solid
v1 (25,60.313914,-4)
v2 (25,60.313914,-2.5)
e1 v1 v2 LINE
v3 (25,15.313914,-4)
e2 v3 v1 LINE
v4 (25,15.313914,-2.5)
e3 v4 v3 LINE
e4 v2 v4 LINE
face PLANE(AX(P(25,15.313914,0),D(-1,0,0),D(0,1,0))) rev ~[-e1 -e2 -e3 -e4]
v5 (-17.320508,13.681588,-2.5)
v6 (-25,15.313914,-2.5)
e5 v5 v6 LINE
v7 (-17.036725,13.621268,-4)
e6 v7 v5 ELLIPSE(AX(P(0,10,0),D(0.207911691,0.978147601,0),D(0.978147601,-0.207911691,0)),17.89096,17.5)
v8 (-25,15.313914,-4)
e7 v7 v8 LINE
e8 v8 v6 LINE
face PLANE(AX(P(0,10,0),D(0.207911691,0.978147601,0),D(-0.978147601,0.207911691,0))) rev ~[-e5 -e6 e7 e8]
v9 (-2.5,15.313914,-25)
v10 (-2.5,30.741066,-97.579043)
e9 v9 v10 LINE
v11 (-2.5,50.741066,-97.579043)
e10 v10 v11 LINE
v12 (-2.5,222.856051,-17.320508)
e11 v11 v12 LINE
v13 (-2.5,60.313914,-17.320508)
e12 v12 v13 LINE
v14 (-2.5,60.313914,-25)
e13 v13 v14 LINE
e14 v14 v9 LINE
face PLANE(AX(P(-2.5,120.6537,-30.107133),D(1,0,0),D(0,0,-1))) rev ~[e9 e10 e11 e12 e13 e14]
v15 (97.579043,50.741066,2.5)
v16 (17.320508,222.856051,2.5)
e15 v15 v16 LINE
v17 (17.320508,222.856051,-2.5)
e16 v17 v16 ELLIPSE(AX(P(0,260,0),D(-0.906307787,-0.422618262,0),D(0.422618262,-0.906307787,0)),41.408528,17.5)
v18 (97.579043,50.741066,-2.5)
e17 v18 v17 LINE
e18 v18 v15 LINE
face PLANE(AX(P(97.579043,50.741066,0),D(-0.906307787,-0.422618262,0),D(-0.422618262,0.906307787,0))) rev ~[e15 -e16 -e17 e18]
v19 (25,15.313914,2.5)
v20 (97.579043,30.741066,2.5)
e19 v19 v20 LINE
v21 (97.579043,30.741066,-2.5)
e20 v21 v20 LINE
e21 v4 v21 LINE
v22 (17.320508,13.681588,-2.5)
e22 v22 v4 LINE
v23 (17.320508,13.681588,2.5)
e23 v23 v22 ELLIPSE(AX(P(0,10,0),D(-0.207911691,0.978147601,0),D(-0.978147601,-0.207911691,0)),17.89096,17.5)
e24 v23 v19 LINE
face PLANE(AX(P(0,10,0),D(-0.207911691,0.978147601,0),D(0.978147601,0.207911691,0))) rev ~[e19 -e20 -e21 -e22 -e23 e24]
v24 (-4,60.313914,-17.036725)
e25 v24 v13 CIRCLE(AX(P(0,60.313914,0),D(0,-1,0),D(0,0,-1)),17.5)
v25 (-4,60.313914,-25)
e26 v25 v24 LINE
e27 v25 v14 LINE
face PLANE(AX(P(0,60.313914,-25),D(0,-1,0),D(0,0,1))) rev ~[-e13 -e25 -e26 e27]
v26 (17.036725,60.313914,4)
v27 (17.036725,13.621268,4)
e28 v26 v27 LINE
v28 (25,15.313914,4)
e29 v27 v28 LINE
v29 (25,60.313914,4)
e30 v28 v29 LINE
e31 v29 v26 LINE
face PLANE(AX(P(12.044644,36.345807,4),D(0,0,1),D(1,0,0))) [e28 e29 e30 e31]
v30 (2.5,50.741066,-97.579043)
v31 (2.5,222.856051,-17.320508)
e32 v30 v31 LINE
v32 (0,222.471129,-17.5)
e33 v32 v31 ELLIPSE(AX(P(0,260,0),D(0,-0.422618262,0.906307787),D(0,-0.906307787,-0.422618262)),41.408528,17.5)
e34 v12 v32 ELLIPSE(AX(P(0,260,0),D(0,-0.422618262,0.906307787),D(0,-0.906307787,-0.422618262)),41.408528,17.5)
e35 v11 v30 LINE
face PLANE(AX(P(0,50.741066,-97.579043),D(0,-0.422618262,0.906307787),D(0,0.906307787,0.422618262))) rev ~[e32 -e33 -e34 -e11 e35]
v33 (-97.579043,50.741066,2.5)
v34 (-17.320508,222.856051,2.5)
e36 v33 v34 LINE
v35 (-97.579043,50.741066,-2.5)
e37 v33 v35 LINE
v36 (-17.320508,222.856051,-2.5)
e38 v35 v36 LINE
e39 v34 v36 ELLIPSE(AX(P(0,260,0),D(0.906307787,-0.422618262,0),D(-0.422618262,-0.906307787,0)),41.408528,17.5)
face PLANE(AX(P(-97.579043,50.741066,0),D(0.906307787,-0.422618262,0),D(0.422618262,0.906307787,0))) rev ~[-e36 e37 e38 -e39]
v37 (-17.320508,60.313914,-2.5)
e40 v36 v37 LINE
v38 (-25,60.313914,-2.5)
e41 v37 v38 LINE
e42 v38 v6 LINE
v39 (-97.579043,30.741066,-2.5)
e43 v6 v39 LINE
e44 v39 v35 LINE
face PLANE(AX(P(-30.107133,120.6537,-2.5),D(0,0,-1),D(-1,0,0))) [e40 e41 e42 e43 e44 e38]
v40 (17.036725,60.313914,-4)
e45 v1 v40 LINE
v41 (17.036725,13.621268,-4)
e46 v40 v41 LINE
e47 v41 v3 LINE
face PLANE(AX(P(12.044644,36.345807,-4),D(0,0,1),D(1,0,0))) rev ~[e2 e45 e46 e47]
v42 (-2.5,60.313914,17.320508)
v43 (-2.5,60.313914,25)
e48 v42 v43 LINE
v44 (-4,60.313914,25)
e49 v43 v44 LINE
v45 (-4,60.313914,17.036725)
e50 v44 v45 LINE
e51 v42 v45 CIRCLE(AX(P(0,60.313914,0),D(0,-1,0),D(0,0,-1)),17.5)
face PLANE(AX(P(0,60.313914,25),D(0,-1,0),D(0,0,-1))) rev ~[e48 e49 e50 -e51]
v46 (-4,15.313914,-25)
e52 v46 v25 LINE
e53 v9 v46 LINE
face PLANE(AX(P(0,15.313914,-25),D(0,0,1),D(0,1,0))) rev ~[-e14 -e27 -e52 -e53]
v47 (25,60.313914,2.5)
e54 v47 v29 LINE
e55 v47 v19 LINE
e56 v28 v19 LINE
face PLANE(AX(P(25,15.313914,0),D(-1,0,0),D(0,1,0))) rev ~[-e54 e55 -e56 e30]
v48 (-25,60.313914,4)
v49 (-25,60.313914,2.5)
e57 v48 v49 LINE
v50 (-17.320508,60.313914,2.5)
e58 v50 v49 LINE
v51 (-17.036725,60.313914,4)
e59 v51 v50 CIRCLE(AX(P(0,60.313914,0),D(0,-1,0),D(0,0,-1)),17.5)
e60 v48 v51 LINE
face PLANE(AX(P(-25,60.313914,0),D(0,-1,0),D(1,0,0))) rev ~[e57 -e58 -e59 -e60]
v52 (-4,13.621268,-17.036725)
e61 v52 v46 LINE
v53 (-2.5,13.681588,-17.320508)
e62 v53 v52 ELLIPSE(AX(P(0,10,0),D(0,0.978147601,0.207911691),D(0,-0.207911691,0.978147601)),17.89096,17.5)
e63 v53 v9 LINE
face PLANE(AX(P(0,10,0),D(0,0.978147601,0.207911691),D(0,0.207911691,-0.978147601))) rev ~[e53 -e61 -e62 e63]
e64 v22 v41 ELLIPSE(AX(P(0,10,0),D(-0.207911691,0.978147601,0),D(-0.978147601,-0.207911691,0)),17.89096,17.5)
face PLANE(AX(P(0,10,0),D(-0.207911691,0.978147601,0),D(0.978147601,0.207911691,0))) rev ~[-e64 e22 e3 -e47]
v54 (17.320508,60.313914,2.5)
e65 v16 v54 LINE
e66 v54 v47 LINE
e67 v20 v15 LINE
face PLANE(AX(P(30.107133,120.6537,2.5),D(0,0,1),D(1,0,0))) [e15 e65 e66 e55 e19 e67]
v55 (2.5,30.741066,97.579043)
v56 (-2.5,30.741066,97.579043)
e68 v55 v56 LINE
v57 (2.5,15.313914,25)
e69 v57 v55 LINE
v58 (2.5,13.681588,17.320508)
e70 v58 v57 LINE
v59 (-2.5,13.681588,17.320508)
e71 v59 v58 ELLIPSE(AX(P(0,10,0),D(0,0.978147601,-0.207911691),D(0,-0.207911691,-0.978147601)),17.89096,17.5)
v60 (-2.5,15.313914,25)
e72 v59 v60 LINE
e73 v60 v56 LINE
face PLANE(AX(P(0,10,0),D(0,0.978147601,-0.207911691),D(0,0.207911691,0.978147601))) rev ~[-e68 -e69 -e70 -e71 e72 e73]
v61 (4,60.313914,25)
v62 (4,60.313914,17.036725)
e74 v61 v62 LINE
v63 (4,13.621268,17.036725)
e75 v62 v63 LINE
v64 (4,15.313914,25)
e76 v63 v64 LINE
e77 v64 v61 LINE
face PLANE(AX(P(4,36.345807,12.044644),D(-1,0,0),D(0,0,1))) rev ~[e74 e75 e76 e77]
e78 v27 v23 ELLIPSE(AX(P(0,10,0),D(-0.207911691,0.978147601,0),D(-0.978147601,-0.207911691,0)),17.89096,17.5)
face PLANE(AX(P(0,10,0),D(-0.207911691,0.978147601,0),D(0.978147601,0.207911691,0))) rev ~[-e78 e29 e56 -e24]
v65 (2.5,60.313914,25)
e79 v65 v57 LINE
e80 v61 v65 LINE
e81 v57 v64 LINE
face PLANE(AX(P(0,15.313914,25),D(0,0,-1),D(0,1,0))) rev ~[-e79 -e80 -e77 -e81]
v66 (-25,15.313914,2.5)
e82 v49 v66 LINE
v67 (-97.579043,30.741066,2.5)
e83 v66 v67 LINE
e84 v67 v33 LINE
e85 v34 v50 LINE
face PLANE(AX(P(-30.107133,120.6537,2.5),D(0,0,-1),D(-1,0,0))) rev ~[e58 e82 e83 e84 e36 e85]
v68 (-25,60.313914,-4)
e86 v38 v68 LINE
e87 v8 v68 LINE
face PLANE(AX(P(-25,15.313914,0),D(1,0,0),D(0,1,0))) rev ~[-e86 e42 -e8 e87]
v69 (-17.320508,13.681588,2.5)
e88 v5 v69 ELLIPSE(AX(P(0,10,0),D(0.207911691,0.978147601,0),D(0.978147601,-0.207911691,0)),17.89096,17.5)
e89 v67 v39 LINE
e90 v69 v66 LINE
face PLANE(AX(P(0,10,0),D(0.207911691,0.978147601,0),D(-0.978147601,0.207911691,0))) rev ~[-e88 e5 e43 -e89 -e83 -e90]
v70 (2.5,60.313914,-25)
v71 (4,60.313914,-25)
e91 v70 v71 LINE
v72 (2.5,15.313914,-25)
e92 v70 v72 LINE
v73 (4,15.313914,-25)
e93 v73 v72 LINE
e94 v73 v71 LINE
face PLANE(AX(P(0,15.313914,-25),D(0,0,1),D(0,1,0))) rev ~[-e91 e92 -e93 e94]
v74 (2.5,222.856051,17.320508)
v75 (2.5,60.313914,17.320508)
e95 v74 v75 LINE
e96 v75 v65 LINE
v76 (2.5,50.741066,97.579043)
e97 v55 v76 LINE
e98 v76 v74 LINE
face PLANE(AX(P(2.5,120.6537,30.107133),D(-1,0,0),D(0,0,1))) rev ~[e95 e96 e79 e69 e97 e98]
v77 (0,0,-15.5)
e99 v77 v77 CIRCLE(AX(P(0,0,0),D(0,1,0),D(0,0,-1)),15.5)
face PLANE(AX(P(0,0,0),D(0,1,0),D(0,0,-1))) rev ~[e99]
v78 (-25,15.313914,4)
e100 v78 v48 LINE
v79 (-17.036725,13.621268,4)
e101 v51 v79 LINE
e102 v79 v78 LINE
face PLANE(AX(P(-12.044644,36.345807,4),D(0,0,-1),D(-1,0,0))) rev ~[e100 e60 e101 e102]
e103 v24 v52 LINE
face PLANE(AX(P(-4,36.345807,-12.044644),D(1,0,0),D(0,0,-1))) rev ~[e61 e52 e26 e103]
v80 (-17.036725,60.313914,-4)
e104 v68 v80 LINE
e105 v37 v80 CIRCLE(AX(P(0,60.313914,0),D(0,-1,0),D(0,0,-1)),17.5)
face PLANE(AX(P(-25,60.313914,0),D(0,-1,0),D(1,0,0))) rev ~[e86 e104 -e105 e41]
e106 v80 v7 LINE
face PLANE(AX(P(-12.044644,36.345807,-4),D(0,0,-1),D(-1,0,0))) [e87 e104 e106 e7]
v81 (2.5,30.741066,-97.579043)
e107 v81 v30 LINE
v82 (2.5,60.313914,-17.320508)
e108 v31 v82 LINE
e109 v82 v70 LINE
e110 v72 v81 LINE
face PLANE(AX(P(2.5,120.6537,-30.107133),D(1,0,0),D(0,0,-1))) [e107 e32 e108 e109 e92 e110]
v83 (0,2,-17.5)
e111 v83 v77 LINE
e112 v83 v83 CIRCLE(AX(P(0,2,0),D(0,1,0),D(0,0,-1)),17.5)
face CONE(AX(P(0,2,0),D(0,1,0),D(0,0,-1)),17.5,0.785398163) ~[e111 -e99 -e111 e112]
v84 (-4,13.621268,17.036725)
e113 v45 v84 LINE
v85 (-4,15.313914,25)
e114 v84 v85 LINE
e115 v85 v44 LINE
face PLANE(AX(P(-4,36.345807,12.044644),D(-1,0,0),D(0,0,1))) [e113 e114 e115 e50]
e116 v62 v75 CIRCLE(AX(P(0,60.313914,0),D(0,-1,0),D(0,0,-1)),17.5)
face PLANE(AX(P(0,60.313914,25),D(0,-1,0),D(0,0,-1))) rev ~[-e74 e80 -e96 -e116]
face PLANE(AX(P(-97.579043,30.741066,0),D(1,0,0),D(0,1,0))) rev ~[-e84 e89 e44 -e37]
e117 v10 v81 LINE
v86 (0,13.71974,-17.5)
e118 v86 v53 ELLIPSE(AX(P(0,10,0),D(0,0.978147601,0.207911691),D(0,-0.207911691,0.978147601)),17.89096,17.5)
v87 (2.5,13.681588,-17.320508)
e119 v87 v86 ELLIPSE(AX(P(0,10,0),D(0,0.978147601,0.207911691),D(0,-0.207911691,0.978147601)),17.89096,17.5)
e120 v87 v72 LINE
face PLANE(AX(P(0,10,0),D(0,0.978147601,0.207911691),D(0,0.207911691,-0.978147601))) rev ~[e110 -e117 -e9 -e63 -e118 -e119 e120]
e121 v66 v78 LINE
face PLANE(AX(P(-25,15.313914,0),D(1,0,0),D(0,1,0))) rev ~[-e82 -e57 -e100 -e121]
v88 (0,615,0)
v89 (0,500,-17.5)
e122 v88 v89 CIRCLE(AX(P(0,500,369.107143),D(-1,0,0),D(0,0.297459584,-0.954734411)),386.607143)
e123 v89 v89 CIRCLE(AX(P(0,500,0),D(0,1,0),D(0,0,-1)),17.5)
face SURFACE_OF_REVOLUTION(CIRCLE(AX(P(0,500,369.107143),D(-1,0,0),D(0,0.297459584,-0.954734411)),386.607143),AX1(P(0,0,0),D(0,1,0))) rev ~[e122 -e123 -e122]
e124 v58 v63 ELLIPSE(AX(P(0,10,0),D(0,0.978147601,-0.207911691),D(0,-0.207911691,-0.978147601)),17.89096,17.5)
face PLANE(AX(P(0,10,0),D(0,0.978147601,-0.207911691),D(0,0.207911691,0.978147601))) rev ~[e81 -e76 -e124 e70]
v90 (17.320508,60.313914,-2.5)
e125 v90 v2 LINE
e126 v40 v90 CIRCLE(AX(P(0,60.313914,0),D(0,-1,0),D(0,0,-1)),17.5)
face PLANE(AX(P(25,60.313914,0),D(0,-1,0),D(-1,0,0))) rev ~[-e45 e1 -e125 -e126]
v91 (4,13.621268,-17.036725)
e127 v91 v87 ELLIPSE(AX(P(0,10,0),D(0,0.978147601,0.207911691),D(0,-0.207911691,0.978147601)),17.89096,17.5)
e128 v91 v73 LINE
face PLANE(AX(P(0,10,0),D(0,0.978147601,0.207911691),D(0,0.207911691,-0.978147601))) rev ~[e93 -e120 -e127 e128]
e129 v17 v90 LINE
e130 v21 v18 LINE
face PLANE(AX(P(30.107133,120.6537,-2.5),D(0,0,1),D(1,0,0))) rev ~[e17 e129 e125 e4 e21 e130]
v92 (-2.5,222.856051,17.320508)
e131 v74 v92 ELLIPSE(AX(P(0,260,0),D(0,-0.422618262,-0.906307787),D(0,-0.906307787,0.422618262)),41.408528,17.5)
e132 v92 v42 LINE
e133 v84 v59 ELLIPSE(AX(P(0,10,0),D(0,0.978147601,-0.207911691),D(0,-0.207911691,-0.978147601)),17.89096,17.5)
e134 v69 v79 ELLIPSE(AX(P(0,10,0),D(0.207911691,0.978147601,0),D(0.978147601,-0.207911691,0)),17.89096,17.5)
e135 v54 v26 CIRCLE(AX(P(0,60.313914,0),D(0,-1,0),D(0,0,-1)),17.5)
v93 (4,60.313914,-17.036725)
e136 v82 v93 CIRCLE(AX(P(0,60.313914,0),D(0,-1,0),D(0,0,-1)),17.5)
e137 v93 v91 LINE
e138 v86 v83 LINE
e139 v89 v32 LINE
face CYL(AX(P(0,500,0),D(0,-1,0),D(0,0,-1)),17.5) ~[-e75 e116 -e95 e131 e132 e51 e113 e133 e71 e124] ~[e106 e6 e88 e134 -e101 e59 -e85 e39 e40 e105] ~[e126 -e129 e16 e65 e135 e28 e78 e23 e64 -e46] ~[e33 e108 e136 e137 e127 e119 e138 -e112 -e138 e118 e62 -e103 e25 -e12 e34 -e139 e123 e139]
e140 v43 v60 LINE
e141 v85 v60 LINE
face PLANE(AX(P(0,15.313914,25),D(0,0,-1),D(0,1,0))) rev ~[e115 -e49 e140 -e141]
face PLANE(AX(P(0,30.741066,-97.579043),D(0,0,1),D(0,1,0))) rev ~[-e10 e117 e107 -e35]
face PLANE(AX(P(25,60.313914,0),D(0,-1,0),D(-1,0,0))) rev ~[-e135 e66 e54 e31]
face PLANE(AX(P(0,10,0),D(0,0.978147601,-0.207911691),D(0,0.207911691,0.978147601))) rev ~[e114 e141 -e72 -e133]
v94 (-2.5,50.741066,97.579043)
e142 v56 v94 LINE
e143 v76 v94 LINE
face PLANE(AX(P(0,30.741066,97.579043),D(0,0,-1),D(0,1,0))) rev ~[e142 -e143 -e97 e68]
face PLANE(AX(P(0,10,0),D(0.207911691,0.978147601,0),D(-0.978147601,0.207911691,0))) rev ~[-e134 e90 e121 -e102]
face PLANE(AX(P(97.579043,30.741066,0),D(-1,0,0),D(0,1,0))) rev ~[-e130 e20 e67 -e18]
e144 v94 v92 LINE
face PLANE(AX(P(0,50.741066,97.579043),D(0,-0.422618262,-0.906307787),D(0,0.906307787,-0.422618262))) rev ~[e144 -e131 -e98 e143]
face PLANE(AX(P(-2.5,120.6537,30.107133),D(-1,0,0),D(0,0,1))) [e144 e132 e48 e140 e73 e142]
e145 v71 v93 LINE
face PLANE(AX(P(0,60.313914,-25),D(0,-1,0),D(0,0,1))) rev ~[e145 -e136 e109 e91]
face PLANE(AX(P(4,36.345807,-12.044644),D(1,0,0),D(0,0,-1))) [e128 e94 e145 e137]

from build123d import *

# Parameters (mm, degrees)
SALIENTE_EXTRUIR1_DEPTH = 2.5
SALIENTE_EXTRUIR2_DEPTH = 4
MATRIZC2_COUNT          = 4
CHAFL_N1_SIZE           = 2


with BuildPart() as part:
    # Croquis2 → Revolución1 (revolve)
    with BuildSketch(Plane.XY):
        with BuildLine():
            Line((0, 0), (0, 615))
            ThreePointArc((0, 615), (13.099961221, 558.161950621), (17.5, 500))
            Line((17.5, 500), (17.5, 0))
            Line((17.5, 0), (0, 0))
        make_face()
    revolve(axis=Axis((0, 0, 0), (0, 1, 0)))

    # Croquis3 → Saliente-Extruir1 (add, symmetric)
    with BuildSketch(Plane.XY):
        Polygon((0, 10), (-97.579043475, 30.741065972), (-97.579043475, 50.741065972), (0, 260), align=None)
    saliente_extruir1 = extrude(amount=SALIENTE_EXTRUIR1_DEPTH, both=True)

    # Croquis4 → Saliente-Extruir2 (add, symmetric)
    with BuildSketch(Plane.XY):
        Polygon((-25, 15.313914042), (-25, 60.313914042), (0, 60.313914042), (0, 10), align=None)
    saliente_extruir2 = extrude(amount=SALIENTE_EXTRUIR2_DEPTH, both=True)

    # MatrizC2: Saliente-Extruir1, Saliente-Extruir2 ×4 about axis
    matrizc2_axis = Axis((0, 645.75, 0), (0, -1, 0))
    add([saliente_extruir1.rotate(matrizc2_axis, i * 360 / MATRIZC2_COUNT) for i in range(1, MATRIZC2_COUNT)])
    add([saliente_extruir2.rotate(matrizc2_axis, i * 360 / MATRIZC2_COUNT) for i in range(1, MATRIZC2_COUNT)])

    # Chaflán1
    chafl_n1_edges = [part.edges().sort_by_distance(p)[0] for p in [
        (-17.5, 0, 0),
    ]]
    chamfer(chafl_n1_edges, length=CHAFL_N1_SIZE)


solid = part.part
